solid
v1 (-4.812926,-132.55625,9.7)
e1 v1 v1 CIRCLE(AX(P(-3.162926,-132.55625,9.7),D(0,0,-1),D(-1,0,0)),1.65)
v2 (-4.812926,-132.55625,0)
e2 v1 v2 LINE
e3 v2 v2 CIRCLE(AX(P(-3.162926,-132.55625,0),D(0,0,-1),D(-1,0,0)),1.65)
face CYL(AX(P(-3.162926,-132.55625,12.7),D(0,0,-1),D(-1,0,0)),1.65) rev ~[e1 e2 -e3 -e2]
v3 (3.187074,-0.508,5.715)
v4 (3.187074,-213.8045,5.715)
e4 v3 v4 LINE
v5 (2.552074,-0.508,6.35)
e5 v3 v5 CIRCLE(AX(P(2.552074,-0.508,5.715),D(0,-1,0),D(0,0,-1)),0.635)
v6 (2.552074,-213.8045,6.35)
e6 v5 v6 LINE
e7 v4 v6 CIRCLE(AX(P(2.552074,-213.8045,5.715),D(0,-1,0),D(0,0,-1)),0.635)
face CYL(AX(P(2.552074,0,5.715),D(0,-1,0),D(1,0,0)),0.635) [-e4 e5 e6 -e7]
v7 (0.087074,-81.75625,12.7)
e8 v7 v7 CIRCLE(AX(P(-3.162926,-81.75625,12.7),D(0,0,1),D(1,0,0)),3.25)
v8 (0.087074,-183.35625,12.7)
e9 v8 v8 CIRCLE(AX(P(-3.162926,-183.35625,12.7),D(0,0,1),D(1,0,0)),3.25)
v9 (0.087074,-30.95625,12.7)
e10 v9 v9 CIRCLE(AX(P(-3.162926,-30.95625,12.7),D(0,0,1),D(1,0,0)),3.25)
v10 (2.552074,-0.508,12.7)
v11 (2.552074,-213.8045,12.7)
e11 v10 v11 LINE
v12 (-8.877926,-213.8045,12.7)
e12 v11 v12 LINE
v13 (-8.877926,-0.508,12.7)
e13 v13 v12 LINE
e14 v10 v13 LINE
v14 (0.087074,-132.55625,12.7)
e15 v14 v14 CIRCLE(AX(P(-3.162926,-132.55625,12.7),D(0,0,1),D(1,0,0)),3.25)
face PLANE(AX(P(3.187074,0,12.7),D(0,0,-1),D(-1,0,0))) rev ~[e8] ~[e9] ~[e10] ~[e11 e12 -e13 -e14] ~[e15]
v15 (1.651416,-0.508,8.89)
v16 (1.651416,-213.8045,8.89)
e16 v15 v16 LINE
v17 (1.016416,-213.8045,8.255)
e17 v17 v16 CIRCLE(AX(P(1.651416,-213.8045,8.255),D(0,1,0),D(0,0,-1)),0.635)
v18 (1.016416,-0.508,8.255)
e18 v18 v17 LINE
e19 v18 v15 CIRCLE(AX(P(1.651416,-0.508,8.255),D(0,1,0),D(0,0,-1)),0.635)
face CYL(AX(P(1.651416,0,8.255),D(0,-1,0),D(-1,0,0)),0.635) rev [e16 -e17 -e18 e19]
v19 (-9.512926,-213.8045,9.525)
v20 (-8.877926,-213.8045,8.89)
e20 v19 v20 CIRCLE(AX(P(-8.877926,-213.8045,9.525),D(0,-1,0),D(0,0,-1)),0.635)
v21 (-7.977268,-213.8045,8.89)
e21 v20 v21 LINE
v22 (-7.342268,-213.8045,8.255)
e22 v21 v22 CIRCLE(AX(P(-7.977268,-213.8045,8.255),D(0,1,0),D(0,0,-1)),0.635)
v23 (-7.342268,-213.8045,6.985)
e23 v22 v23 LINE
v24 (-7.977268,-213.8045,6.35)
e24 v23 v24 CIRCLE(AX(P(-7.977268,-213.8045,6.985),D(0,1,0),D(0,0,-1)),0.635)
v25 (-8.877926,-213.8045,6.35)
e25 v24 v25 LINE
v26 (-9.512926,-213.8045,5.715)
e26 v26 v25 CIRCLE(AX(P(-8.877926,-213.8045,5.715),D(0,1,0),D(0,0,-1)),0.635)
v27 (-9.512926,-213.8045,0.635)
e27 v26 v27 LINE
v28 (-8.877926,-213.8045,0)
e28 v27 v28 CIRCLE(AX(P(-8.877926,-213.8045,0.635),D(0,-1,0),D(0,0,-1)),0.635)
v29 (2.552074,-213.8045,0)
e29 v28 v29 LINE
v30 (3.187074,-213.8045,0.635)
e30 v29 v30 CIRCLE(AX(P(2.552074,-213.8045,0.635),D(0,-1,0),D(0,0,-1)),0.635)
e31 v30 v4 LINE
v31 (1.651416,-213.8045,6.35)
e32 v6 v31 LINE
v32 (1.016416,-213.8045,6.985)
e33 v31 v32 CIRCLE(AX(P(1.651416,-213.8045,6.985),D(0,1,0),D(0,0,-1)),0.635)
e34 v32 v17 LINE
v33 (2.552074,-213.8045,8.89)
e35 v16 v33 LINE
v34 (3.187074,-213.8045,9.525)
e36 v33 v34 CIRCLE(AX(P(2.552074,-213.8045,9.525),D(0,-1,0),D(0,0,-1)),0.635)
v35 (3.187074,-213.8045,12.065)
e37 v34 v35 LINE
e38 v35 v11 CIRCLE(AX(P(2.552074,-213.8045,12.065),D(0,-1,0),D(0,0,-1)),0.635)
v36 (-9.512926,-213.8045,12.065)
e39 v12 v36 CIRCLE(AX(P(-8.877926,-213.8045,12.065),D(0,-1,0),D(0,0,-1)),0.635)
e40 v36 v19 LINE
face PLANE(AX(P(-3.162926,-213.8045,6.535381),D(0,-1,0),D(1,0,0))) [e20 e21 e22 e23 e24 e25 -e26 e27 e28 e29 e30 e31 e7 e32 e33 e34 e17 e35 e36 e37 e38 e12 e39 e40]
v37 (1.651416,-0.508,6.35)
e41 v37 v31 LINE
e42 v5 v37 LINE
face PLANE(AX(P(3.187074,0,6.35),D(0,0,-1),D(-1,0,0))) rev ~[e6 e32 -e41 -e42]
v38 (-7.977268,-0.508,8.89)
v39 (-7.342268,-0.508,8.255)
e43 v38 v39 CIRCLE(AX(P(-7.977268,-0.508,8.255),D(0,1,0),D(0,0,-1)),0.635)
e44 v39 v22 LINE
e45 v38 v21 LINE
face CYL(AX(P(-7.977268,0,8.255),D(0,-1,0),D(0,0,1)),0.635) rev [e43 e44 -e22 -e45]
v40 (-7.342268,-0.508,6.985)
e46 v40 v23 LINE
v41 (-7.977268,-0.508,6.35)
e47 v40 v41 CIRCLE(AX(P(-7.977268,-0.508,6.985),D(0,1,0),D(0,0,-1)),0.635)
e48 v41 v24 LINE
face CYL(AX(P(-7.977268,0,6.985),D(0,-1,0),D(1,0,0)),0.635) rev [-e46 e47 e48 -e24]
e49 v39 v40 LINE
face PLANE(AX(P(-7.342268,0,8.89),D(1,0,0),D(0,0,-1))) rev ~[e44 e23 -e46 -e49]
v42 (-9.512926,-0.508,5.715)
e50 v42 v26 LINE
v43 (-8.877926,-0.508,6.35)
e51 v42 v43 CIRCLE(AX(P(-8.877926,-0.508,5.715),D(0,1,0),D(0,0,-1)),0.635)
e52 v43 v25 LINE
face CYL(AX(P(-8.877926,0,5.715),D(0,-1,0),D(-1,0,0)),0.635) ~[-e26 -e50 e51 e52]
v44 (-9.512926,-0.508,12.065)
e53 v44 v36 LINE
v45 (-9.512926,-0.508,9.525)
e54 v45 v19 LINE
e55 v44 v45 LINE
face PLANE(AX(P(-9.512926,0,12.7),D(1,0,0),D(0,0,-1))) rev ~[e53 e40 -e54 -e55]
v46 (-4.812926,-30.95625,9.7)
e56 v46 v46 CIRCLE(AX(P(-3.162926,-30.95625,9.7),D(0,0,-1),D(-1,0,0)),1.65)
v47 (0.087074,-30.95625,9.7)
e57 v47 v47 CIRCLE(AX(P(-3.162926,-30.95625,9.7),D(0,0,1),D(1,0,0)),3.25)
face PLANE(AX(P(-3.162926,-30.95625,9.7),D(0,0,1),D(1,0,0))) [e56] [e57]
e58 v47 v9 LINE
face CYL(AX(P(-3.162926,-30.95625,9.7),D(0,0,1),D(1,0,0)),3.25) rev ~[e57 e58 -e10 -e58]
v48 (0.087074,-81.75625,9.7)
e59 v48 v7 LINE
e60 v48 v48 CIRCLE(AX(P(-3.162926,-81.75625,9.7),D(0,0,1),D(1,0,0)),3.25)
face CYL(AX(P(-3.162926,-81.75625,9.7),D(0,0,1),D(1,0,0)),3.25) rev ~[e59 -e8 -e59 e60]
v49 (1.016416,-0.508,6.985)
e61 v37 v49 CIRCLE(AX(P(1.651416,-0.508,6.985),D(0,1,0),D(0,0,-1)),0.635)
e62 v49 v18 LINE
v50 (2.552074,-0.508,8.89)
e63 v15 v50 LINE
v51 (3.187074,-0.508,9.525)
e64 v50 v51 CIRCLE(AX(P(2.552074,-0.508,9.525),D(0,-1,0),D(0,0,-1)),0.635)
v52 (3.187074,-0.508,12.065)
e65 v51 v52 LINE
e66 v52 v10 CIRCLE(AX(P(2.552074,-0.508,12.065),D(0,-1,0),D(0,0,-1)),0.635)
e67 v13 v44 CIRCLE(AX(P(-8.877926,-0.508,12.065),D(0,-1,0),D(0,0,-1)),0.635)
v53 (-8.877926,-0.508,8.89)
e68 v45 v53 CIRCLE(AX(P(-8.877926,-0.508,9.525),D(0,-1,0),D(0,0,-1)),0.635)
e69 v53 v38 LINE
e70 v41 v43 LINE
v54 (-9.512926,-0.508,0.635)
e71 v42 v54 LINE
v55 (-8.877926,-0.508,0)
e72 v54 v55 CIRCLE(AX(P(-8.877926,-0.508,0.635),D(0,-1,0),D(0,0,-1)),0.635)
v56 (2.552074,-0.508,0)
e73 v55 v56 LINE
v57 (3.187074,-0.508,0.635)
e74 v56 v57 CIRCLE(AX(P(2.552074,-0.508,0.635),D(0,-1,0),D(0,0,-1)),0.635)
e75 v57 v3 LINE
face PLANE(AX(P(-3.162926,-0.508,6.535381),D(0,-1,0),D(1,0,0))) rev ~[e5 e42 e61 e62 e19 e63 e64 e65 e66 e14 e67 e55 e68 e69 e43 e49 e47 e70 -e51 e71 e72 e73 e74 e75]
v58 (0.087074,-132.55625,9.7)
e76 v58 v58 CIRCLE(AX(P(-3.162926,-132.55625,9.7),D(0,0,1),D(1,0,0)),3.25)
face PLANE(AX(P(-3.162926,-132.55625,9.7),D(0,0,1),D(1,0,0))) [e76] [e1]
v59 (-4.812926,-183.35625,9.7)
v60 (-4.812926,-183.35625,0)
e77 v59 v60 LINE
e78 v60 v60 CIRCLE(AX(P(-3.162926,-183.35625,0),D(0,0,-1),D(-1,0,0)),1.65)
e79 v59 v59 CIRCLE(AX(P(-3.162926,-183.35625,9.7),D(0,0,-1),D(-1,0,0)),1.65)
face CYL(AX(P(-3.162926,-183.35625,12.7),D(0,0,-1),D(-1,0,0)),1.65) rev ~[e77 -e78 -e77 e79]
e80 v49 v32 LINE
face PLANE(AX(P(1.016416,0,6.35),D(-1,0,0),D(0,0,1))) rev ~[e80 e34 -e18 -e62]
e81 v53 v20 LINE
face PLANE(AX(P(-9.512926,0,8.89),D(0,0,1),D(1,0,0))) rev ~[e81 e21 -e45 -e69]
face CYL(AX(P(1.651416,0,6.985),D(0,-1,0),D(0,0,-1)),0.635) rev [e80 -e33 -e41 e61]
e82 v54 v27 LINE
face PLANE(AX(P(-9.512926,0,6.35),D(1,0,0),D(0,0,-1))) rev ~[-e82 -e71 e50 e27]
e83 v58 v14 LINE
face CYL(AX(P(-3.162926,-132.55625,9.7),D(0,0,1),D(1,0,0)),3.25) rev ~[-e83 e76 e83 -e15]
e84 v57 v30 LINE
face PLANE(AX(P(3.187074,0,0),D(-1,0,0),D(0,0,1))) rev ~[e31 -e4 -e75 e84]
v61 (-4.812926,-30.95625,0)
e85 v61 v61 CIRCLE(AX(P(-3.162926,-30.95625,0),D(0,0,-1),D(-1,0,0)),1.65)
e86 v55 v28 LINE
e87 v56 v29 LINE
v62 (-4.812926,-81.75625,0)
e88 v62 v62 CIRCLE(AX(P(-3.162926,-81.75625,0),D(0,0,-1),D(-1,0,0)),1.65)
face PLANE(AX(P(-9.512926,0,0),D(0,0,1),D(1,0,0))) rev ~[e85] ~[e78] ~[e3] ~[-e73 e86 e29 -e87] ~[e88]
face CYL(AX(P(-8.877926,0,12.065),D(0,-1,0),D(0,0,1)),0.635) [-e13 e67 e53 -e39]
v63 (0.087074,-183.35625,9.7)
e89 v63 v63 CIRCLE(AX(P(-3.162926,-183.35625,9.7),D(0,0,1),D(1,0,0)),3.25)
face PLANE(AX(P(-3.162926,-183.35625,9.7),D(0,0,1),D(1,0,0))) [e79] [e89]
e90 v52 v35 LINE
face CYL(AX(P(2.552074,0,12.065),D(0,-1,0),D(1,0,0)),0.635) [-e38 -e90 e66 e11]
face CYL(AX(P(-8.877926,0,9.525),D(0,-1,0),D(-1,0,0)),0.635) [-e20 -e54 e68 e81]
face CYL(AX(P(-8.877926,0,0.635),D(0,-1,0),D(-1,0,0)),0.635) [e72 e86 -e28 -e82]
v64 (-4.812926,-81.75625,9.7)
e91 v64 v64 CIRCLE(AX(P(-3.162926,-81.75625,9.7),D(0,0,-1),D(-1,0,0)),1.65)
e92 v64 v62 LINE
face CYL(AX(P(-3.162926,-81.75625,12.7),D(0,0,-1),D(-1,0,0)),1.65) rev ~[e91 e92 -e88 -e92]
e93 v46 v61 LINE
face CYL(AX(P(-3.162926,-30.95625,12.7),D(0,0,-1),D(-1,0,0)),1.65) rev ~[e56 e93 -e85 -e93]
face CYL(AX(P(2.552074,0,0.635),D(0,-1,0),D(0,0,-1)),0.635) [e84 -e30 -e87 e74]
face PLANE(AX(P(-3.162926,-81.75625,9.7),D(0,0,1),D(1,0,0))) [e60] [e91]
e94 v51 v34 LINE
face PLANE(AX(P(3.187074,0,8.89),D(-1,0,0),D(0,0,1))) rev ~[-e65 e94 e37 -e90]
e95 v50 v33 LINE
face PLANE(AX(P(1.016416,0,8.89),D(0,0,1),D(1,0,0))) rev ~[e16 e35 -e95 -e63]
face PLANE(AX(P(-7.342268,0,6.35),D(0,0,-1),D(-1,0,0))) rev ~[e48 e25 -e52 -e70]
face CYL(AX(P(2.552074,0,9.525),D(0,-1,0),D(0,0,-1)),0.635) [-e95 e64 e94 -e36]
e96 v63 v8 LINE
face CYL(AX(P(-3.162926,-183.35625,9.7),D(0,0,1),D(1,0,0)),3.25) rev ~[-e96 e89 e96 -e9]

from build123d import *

# Parameters (mm, degrees)
F1_DEPTH       = 214.3125
F2_R           = 0.635
F4_D           = 3.3
F4_DEPTH       = 14.4876
F4_CBORE_D     = 6.5
F4_CBORE_DEPTH = 3
F4_TIP         = 0.9914200214
F5_DEPTH       = 0.508
F6_DEPTH       = 0.508


with BuildPart() as f1:
    # F0 (on Front) → F1 (new body)
    with BuildSketch(Plane.XZ):
        Polygon((-9.5129261665, 6.35), (-9.5129261665, 0), (3.1870738335, 0), (3.1870738335, 6.35), (1.0164155129, 6.35), (1.0164155129, 8.89), (3.1870738335, 8.89), (3.1870738335, 12.7), (-9.5129261665, 12.7), (-9.5129261665, 8.89), (-7.3422678459, 8.89), (-7.3422678459, 6.35), align=None)
    extrude(amount=F1_DEPTH)

    # F2
    f2_edges = [f1.edges().sort_by_distance(p)[0] for p in [
        (3.187074, -107.15625, 8.89),
        (-9.512926, -107.15625, 8.89),
        (-7.342268, -107.15625, 8.89),
        (-7.342268, -107.15625, 6.35),
        (-9.512926, -107.15625, 6.35),
        (1.016416, -107.15625, 6.35),
        (3.187074, -107.15625, 6.35),
        (1.016416, -107.15625, 8.89),
        (3.187074, -107.15625, 12.7),
        (-9.512926, -107.15625, 12.7),
        (-9.512926, -107.15625, 0),
        (3.187074, -107.15625, 0),
    ]]
    fillet(f2_edges, radius=F2_R)

    # F4
    with Locations(Plane.XY.offset(12.7)):
        with Locations((-3.1629261665, -30.95625), (-3.1629261665, -81.75625), (-3.1629261665, -132.55625), (-3.1629261665, -183.35625)):
            CounterBoreHole(F4_D / 2, F4_CBORE_D / 2, F4_CBORE_DEPTH, depth=F4_DEPTH)
            with Locations((0, 0, -(F4_DEPTH + F4_TIP / 2))):  # 118° drill point
                Cone(0, F4_D / 2, F4_TIP, mode=Mode.SUBTRACT)

    # F5 (cut): a face of the model
    f5_faces = [f1.faces().sort_by_distance(p)[0] for p in [
        (-3.1629261665, -214.3125, 6.2565868028),
    ]]
    extrude(f5_faces, amount=-F5_DEPTH, mode=Mode.SUBTRACT)

    # F6 (cut): a face of the model
    f6_faces = [f1.faces().sort_by_distance(p)[0] for p in [
        (-3.1629261665, 0, 6.2565868028),
    ]]
    extrude(f6_faces, amount=-F6_DEPTH, mode=Mode.SUBTRACT)


solid = f1.part
